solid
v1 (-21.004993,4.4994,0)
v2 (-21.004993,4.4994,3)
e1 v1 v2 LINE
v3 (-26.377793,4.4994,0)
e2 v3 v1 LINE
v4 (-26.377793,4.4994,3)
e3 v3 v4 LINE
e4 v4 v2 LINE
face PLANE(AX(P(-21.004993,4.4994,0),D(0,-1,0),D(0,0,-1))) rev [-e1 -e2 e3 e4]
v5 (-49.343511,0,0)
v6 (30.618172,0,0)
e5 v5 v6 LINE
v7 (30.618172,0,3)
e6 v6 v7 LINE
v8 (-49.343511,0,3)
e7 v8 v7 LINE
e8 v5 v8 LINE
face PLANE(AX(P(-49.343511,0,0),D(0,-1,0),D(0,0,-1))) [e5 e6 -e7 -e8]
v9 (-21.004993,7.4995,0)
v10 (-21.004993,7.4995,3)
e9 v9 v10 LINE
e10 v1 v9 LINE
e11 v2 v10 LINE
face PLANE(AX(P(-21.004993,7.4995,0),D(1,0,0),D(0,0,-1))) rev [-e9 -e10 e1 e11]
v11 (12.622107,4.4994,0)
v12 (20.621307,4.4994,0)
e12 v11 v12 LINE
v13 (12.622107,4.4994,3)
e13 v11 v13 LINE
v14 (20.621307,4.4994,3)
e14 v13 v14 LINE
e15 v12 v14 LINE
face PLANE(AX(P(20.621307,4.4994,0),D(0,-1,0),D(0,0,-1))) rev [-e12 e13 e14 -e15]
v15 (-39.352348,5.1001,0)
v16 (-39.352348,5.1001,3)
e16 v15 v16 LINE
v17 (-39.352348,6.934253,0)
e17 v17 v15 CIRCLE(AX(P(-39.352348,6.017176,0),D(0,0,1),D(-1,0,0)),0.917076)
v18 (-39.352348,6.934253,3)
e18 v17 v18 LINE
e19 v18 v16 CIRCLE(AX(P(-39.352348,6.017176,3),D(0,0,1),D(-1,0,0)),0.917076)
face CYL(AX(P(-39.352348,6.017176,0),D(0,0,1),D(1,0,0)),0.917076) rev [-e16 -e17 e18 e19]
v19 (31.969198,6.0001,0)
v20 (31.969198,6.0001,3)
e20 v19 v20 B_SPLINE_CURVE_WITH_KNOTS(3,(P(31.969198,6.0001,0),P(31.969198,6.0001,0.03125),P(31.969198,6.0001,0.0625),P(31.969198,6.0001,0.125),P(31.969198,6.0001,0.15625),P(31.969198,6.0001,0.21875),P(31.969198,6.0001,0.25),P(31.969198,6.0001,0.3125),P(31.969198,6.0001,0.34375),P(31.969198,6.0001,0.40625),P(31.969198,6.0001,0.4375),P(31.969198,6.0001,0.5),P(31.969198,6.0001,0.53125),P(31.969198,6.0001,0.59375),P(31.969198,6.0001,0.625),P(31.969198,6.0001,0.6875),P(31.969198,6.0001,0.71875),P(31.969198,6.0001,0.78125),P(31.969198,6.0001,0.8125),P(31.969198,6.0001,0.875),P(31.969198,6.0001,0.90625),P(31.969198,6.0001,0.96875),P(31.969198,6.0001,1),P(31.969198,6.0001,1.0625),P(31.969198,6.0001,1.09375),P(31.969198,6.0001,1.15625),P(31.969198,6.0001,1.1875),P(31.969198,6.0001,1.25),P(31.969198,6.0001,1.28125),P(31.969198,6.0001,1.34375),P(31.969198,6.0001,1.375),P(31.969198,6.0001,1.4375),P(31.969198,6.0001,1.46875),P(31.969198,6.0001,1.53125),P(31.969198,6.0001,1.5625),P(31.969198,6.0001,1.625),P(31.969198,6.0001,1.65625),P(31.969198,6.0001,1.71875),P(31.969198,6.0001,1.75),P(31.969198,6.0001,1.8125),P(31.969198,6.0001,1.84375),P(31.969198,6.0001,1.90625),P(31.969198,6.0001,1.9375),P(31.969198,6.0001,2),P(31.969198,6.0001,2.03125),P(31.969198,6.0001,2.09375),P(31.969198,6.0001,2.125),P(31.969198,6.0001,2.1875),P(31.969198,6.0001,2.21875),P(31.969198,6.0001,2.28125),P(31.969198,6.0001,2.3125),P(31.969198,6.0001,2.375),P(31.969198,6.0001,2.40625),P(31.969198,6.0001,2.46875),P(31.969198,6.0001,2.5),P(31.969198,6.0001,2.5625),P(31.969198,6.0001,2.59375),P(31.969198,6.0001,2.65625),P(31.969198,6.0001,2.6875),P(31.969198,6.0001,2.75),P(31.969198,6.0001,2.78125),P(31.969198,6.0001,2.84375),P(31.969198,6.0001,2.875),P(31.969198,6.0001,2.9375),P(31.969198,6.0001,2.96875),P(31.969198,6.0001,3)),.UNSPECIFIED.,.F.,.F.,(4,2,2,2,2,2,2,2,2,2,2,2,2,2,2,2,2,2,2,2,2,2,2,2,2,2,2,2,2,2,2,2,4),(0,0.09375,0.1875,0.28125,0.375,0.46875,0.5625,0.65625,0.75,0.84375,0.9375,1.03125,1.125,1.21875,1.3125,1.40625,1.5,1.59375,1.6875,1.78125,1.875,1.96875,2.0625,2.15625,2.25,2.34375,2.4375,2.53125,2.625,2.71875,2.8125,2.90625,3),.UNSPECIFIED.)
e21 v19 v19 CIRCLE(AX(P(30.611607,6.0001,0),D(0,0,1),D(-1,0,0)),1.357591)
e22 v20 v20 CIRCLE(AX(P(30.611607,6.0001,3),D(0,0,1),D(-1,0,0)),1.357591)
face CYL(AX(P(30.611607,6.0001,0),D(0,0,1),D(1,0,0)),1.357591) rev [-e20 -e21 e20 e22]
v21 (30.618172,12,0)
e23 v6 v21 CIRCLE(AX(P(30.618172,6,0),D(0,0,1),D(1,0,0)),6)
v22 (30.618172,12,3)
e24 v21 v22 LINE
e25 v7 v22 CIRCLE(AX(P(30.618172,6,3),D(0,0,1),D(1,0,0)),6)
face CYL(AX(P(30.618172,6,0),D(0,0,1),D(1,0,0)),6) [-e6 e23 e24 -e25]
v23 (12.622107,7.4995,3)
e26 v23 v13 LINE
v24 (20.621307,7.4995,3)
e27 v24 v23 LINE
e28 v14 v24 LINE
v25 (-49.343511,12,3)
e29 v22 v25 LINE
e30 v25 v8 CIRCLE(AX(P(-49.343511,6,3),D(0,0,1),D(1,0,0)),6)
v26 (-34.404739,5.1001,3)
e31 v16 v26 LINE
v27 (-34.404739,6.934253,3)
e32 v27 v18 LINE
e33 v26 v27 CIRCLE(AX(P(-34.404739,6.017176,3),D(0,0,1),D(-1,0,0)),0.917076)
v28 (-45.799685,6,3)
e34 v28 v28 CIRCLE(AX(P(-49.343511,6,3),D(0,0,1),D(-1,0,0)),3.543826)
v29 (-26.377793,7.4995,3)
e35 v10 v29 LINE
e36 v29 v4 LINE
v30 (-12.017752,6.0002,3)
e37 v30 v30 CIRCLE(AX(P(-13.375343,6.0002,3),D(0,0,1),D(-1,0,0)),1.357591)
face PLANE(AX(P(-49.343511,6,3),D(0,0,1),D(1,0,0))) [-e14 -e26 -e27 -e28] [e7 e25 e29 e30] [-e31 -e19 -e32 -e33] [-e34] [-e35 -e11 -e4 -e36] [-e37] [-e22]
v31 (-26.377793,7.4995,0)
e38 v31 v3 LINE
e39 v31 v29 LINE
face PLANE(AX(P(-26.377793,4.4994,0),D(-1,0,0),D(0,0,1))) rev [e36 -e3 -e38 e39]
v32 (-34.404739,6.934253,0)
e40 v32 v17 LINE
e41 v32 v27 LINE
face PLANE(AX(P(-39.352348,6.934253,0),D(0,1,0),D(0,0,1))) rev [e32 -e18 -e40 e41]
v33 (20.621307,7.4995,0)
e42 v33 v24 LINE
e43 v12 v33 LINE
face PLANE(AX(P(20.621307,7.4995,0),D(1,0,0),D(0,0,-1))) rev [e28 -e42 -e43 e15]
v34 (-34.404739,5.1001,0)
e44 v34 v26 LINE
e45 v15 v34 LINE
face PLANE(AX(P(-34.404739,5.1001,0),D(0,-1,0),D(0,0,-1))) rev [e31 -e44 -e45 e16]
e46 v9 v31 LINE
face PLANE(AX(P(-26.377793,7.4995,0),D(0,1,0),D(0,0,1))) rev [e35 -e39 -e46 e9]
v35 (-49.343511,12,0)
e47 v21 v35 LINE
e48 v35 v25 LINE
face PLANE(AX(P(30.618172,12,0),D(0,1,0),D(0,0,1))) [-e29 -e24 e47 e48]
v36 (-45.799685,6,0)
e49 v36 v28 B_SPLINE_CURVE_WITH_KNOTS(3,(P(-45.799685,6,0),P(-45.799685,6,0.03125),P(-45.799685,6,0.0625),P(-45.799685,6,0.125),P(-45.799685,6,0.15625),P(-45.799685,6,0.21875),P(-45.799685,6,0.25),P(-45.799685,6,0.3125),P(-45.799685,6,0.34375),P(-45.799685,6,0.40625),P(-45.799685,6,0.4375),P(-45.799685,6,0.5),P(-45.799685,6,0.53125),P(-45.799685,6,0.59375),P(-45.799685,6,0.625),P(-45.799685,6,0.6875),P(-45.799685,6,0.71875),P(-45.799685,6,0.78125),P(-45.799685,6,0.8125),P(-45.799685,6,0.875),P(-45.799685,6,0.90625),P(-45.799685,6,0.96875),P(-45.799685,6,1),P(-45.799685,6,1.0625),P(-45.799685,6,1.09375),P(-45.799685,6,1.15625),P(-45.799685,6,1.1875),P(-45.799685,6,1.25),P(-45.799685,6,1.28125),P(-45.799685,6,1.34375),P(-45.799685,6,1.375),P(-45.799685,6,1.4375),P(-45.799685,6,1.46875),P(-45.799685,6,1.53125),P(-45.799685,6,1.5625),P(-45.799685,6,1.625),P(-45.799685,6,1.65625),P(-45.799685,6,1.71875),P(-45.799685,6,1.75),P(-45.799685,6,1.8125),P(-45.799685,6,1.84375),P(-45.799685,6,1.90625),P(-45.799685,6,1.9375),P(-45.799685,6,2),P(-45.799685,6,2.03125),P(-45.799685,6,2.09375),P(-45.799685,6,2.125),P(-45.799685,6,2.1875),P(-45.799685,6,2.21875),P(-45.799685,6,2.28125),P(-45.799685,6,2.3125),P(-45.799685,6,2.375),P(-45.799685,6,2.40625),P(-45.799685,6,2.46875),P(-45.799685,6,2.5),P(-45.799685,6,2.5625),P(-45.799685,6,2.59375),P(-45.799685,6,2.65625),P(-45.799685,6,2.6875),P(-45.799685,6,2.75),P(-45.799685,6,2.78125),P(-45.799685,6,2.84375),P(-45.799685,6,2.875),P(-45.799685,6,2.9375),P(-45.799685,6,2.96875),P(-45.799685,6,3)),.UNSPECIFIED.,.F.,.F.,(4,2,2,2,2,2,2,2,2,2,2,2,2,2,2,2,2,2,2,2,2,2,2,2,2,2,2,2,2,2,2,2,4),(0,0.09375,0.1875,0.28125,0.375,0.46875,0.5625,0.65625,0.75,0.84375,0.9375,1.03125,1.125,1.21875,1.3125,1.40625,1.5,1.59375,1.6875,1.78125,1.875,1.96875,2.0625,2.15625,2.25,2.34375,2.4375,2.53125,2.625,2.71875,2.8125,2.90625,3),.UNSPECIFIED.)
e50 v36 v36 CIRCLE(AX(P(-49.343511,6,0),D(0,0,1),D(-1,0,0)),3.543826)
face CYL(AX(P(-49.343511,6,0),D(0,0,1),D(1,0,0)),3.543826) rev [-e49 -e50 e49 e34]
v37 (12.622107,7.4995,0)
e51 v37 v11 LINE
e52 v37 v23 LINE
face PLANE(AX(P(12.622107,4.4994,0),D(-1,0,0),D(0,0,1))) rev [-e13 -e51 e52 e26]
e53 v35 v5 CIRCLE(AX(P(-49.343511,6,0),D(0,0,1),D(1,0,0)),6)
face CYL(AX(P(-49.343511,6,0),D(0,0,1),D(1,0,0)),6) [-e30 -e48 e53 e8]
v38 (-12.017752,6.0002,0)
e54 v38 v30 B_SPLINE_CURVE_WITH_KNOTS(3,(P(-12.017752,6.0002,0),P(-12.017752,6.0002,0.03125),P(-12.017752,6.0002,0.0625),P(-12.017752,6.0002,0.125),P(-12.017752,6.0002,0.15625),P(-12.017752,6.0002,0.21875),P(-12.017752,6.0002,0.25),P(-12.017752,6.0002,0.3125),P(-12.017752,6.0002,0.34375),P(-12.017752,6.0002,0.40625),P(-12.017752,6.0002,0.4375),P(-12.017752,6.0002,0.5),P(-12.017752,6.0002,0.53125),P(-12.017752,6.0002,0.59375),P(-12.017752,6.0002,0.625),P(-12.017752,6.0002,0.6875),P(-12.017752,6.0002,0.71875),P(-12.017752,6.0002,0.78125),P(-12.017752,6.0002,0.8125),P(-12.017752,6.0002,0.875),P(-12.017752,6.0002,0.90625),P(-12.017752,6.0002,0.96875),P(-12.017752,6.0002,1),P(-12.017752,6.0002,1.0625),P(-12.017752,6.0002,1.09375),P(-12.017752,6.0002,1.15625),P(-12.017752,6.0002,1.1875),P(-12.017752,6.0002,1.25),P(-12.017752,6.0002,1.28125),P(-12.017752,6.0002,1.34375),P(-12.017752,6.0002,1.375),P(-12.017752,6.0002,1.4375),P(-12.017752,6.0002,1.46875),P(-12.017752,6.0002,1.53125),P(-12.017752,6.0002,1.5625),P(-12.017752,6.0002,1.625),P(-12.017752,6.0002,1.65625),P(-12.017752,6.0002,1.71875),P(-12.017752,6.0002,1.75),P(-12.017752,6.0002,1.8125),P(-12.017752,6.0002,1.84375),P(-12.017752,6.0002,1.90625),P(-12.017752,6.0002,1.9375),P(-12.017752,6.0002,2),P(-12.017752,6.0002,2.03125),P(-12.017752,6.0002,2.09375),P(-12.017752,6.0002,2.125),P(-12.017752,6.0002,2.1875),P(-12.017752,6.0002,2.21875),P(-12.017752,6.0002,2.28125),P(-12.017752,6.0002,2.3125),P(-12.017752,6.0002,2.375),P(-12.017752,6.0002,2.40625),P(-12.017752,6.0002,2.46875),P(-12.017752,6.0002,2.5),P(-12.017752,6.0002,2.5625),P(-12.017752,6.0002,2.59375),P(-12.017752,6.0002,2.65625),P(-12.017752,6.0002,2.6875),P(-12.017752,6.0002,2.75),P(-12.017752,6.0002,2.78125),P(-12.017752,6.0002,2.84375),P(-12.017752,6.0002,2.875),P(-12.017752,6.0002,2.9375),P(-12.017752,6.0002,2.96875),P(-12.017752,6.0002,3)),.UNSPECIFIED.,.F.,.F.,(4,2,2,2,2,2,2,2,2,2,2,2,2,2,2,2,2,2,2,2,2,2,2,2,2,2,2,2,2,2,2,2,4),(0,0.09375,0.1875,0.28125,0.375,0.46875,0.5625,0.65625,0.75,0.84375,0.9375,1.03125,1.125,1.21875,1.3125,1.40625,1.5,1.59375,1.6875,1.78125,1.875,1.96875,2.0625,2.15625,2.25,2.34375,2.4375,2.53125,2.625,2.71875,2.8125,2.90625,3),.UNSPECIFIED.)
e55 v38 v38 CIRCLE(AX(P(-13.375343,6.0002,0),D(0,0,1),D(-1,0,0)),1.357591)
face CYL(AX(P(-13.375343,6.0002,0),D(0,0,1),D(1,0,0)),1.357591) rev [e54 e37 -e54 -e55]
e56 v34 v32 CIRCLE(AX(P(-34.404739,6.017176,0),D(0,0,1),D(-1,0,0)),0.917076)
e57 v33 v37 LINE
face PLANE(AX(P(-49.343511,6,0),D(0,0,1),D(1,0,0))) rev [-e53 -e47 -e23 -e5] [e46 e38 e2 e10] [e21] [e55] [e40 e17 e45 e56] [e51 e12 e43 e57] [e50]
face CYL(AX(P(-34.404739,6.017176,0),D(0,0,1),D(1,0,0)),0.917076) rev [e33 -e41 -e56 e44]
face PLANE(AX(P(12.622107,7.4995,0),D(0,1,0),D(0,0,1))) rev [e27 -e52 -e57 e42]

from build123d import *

# Parameters (mm, degrees)
SKETCH_1_R      = 3.543825796
SKETCH_1_R_2    = 1.357591064
SKETCH_1_W      = 5.3728
SKETCH_1_H      = 3.0001
SKETCH_1_W_2    = 7.9992
EXTRUDE_1_DEPTH = 3


with BuildPart() as part:
    # 草图1 → 凸台-拉伸1 (new body)
    with BuildSketch(Plane.XY.offset(3)):
        with BuildLine():
            Line((-49.343510787, 0), (30.618171933, 0))
            ThreePointArc((30.618171933, 0), (36.618171933, 6), (30.618171933, 12))
            Line((30.618171933, 12), (-49.343510787, 12))
            ThreePointArc((-49.343510787, 12), (-55.343510787, 6), (-49.343510787, 0))
        make_face()
        with Locations((-49.343510787, 6)):
            Circle(SKETCH_1_R, mode=Mode.SUBTRACT)
        with Locations((-13.375343302, 6.0002)):
            Circle(SKETCH_1_R_2, mode=Mode.SUBTRACT)
        with Locations((30.611606698, 6.0001)):
            Circle(SKETCH_1_R_2, mode=Mode.SUBTRACT)
        with Locations((-23.691393302, 5.99945)):
            Rectangle(SKETCH_1_W, SKETCH_1_H, mode=Mode.SUBTRACT)
        with BuildLine():
            Line((-39.352347519, 6.934252935), (-34.404739086, 6.934252935))
            ThreePointArc((-34.404739086, 6.934252935), (-33.487662618, 6.017176468), (-34.404739086, 5.1001))
            Line((-34.404739086, 5.1001), (-39.352347519, 5.1001))
            ThreePointArc((-39.352347519, 5.1001), (-40.269423986, 6.017176468), (-39.352347519, 6.934252935))
        make_face(mode=Mode.SUBTRACT)
        with Locations((16.621706698, 5.99945)):
            Rectangle(SKETCH_1_W_2, SKETCH_1_H, mode=Mode.SUBTRACT)
    extrude(amount=-EXTRUDE_1_DEPTH)


solid = part.part
